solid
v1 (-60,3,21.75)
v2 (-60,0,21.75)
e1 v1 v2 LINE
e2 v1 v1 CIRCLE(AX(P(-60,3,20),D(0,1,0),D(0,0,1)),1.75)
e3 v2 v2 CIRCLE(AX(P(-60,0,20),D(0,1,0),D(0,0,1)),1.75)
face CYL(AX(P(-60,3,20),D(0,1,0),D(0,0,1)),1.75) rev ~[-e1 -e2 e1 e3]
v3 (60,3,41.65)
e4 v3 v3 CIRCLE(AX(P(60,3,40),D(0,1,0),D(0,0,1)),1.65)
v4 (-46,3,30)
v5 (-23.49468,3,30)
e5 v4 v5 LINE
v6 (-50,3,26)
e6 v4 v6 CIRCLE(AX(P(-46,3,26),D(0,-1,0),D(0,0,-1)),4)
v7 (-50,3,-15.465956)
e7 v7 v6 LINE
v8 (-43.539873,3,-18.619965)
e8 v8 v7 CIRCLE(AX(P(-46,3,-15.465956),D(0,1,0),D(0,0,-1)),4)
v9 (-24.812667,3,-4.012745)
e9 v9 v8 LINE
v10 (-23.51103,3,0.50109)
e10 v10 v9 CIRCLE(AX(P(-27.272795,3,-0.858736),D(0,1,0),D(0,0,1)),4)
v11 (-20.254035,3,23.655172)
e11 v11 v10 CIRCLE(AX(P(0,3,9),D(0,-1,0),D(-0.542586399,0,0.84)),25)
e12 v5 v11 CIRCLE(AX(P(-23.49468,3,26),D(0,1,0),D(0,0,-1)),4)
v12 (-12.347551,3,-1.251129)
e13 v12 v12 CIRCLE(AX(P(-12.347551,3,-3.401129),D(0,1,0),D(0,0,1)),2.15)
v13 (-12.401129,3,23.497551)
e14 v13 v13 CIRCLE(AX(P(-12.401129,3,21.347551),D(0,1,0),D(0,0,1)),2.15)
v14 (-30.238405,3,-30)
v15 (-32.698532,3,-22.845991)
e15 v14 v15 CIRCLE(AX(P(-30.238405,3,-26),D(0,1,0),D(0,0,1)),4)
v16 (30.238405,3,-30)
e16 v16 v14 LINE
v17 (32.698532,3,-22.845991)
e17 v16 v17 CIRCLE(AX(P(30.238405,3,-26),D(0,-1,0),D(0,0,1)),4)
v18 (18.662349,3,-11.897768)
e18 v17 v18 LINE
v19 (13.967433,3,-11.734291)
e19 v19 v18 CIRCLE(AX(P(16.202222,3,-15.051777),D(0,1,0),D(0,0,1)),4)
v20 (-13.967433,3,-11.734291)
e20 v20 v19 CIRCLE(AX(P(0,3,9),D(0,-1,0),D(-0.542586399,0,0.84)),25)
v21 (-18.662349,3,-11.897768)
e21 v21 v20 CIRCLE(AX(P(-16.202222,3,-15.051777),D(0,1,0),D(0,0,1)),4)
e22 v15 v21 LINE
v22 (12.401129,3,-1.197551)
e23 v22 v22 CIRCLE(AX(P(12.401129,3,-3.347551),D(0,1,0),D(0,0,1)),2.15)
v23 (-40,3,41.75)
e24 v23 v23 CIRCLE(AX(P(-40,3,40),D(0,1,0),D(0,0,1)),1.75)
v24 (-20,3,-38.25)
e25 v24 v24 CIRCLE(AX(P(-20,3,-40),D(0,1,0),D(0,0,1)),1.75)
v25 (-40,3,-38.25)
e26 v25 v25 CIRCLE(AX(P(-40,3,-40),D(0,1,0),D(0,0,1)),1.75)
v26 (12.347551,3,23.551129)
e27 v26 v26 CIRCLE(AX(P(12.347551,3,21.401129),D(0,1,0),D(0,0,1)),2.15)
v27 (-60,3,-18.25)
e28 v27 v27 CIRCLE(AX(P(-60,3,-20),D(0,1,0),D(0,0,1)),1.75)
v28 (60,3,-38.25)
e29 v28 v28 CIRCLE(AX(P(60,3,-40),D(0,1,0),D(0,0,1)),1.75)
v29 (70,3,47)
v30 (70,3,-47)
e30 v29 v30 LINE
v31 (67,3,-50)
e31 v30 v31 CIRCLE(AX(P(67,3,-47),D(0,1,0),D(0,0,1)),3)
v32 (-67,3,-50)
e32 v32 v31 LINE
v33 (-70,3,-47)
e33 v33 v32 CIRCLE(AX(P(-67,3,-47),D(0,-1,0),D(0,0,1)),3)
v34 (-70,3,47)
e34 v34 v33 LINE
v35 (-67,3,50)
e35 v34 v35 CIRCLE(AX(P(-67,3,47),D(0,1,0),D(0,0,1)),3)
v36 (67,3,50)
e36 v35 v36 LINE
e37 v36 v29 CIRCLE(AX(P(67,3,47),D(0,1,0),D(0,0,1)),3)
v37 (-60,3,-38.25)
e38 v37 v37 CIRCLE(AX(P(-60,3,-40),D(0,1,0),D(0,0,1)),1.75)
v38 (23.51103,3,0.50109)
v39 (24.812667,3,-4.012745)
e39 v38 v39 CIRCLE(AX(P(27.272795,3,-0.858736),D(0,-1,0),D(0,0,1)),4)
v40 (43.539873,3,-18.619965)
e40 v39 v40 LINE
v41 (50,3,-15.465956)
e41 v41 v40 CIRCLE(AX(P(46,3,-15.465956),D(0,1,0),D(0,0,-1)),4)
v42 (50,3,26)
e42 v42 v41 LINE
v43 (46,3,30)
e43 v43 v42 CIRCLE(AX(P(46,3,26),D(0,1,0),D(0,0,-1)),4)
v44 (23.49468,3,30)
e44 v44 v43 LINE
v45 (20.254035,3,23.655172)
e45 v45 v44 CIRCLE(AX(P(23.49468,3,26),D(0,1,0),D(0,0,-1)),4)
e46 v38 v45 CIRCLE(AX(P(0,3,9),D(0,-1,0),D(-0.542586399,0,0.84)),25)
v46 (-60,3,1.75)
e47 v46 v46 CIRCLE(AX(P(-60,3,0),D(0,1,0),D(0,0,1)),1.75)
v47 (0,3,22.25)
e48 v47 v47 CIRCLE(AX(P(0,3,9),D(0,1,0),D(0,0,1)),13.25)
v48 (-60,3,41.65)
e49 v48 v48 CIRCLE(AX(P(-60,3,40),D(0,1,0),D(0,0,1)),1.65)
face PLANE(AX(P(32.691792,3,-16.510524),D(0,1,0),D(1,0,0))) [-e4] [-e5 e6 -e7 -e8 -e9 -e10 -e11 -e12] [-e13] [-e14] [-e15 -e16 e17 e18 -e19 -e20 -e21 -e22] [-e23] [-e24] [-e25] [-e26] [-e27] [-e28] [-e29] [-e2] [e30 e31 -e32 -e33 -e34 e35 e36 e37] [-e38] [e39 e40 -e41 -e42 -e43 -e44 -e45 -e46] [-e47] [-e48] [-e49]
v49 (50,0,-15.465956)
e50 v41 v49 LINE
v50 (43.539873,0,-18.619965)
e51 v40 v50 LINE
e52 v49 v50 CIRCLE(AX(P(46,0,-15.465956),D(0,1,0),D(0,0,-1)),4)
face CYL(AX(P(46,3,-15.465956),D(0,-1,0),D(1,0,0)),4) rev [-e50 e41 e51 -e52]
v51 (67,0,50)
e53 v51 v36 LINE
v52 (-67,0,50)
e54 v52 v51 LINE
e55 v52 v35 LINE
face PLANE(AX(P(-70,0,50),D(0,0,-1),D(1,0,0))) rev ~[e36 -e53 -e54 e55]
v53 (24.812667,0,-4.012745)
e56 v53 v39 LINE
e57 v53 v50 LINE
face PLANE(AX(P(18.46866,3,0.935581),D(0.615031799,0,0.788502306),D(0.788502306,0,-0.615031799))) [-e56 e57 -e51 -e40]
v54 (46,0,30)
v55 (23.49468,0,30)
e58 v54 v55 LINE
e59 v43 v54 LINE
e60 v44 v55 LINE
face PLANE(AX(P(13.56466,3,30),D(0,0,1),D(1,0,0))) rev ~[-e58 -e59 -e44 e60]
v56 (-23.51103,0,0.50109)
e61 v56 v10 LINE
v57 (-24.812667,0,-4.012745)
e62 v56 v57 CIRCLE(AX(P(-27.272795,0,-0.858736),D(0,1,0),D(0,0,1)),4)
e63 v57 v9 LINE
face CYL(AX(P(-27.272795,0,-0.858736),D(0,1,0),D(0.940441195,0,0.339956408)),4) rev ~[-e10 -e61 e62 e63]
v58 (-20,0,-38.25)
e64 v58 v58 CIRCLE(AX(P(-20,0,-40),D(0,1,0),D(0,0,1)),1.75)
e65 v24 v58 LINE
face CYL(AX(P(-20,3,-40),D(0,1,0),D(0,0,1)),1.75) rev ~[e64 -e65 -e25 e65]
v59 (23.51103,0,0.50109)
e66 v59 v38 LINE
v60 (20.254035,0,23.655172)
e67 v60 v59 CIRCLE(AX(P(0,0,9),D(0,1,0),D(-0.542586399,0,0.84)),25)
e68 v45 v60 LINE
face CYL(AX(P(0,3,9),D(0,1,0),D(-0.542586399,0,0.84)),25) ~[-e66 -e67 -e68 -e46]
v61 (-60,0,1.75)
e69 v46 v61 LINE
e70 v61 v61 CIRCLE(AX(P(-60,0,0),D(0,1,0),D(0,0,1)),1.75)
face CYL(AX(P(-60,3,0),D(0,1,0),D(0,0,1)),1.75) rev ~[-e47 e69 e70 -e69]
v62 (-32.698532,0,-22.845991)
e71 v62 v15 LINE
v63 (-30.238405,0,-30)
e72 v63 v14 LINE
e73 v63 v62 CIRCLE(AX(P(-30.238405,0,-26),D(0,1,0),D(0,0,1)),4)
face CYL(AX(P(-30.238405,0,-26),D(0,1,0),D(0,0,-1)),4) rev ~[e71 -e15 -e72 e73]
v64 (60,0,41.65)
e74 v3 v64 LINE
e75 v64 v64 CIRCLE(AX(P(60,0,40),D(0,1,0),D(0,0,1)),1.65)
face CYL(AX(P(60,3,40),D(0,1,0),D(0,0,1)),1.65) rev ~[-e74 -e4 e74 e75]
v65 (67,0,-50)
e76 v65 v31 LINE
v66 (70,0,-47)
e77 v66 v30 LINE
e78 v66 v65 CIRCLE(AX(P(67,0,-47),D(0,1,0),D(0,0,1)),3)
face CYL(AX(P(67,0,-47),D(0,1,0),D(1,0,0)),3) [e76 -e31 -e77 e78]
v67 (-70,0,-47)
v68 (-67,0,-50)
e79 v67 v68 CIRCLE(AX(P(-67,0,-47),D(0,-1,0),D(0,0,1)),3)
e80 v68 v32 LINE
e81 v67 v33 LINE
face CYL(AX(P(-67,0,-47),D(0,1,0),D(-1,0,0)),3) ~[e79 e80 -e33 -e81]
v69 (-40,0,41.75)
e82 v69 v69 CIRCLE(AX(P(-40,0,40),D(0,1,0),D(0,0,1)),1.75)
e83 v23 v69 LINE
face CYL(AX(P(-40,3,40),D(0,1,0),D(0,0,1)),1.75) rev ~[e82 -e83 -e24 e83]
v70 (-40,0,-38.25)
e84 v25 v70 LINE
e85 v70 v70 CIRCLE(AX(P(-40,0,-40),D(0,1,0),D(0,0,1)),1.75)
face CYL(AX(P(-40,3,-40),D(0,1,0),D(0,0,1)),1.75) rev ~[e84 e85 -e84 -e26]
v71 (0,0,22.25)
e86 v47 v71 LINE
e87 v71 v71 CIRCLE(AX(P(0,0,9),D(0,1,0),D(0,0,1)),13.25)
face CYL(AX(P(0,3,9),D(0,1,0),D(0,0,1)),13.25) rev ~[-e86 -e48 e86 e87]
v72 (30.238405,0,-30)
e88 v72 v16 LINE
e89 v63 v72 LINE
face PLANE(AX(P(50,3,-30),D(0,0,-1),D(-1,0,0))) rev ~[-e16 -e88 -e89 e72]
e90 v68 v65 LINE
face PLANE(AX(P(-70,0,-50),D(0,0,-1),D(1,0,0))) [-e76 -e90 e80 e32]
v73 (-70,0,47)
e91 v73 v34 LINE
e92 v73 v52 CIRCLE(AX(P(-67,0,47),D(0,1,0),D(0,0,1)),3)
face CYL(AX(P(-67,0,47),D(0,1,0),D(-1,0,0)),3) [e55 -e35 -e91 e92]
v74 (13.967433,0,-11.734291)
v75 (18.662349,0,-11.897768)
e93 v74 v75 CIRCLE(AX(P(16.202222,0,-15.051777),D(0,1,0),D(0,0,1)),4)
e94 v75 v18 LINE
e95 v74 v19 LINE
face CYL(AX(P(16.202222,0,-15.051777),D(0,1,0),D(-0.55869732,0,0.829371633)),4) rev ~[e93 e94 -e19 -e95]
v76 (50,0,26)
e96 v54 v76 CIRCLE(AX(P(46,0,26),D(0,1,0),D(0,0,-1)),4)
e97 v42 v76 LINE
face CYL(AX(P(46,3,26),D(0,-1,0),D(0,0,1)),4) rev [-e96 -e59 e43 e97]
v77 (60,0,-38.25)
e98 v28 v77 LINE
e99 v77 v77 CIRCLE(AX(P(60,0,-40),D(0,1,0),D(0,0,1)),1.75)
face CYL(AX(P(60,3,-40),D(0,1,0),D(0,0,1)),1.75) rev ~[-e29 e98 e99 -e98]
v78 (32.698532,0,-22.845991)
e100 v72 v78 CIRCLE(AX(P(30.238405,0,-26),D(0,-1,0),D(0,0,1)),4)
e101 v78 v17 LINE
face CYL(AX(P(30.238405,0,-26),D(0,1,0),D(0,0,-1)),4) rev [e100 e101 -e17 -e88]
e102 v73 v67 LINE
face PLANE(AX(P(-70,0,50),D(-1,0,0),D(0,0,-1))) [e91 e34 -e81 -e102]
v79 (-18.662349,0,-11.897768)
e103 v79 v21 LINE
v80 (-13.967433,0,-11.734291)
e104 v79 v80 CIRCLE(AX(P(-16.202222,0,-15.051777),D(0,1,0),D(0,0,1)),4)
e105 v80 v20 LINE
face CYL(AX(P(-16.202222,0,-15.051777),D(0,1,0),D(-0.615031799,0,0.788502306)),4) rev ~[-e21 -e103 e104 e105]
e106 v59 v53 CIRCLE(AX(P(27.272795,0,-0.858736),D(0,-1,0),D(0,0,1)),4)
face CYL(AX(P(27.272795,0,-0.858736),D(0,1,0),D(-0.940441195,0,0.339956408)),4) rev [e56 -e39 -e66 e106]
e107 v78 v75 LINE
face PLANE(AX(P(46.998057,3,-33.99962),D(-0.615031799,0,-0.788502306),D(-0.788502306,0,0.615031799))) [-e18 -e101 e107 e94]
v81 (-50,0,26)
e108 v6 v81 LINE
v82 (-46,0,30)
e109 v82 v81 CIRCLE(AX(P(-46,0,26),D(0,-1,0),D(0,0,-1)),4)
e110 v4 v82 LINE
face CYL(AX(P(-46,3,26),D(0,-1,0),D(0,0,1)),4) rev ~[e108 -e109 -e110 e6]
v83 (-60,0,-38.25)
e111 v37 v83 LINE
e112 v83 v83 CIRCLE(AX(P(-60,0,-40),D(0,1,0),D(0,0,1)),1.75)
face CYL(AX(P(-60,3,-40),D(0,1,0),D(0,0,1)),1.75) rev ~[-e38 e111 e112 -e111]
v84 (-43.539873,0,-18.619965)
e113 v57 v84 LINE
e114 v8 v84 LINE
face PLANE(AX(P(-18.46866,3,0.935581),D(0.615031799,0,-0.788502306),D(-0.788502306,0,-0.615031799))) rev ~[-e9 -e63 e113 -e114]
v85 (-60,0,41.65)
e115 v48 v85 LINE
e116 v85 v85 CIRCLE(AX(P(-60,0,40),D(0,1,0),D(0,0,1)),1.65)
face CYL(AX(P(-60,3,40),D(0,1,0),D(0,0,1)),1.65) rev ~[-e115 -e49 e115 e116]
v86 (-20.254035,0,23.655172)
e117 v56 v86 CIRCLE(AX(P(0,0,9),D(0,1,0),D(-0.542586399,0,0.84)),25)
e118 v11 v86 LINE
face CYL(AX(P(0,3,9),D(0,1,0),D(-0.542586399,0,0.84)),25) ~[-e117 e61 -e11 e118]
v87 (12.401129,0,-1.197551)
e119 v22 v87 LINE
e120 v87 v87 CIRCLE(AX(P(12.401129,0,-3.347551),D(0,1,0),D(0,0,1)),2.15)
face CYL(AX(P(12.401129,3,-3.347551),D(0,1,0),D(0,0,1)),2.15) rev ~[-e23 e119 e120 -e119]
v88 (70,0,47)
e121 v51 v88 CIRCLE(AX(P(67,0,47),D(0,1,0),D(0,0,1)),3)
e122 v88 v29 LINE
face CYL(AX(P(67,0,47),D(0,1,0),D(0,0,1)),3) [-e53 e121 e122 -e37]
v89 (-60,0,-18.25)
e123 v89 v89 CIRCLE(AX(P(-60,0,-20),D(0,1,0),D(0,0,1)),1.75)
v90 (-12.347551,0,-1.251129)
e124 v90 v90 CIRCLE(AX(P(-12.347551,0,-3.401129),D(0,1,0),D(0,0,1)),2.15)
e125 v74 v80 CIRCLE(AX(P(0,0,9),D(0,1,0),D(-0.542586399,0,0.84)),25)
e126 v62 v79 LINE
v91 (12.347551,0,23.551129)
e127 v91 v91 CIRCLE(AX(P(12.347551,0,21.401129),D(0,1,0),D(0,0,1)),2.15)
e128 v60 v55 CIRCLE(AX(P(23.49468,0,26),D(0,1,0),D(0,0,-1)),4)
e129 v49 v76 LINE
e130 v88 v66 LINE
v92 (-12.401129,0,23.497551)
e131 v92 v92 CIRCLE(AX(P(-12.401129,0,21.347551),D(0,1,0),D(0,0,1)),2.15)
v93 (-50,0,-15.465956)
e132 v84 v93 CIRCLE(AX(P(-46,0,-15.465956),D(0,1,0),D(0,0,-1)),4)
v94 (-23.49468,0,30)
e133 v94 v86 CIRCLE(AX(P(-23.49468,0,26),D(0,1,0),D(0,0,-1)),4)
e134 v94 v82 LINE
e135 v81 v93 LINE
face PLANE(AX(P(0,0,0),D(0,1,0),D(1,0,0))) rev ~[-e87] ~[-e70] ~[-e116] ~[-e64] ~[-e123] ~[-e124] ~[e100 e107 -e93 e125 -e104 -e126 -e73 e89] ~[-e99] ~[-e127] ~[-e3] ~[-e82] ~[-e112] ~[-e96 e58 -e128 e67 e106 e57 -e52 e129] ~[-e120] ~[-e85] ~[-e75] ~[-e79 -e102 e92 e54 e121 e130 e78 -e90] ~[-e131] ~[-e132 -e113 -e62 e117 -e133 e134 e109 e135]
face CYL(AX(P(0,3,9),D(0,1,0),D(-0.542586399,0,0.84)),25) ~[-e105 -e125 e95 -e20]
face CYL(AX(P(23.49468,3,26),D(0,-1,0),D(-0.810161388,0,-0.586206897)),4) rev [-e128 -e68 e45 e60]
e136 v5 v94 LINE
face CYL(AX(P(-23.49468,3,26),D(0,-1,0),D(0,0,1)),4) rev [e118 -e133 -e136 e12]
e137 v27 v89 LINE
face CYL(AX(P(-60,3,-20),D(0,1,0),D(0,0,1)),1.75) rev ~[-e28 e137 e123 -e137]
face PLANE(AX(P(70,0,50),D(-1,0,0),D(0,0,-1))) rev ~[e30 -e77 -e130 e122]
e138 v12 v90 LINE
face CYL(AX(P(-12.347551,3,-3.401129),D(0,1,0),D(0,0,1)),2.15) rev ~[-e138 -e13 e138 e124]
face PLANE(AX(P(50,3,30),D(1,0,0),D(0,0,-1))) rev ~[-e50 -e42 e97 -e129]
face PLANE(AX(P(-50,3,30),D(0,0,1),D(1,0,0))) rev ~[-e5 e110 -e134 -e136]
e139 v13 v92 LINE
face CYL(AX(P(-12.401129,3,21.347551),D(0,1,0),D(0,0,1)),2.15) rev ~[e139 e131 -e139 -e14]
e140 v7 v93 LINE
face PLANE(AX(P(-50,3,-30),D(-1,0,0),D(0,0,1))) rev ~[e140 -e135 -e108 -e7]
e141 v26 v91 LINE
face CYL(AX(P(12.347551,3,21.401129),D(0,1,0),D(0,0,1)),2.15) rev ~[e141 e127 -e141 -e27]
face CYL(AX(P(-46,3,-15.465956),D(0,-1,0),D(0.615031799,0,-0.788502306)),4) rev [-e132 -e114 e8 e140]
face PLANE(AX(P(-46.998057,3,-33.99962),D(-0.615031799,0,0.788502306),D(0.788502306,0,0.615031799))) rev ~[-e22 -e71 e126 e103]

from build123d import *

# Parameters (mm, degrees)
SKETCH_1_W          = 140
SKETCH_1_H          = 100
EXTRUDE_1_DEPTH     = 3
SKETCH_2_R          = 13.25
SKETCH_2_R_2        = 2.15
CUT_EXTRUDE_1_DEPTH = 3
CUT_EXTRUDE_2_REACH = 88.076
SKETCH_4_R          = 1.75
SKETCH_4_R_2        = 1.65
EXTRUDE_2_DEPTH     = 3
FILLET_1_R          = 4
FILLET_2_R          = 3
CUT_EXTRUDE_3_REACH = 88.076
SKETCH_6_R          = 1.75


with BuildPart() as part:
    # 草图1 → 凸台-拉伸1 (new body)
    with BuildSketch(Plane(origin=(0, 0, 0), x_dir=(1, 0, 0), z_dir=(0, 1, 0))):
        Rectangle(SKETCH_1_W, SKETCH_1_H)
    extrude(amount=EXTRUDE_1_DEPTH)

    # 草图2 → 切除-拉伸1 (cut)
    with BuildSketch(Plane(origin=(0, 3, 0), x_dir=(1, 0, 0), z_dir=(0, 1, 0))):
        with Locations((0, -9)):
            Circle(SKETCH_2_R)
        with Locations((-12.347550503, 3.401128843)):
            Circle(SKETCH_2_R_2)
        with Locations((12.401128843, 3.347550503)):
            Circle(SKETCH_2_R_2)
        with Locations((12.347550503, -21.401128843)):
            Circle(SKETCH_2_R_2)
        with Locations((-12.401128843, -21.347550503)):
            Circle(SKETCH_2_R_2)
    extrude(amount=-CUT_EXTRUDE_1_DEPTH, mode=Mode.SUBTRACT)

    # 草图4 → 切除-拉伸2 (cut, up to next)
    with BuildSketch(Plane(origin=(0, 3, 0), x_dir=(1, 0, 0), z_dir=(0, 1, 0)), mode=Mode.PRIVATE) as cut_extrude_2_sk1:
        with Locations((-60, 40)):
            Circle(SKETCH_4_R)
    cut_extrude_2_tool1 = extrude(cut_extrude_2_sk1.sketch, amount=-CUT_EXTRUDE_2_REACH, mode=Mode.PRIVATE) & part.part
    # 草图4 → 切除-拉伸2 (cut, up to next)
    with BuildSketch(Plane(origin=(0, 3, 0), x_dir=(1, 0, 0), z_dir=(0, 1, 0)), mode=Mode.PRIVATE) as cut_extrude_2_sk2:
        with Locations((-60, -40)):
            Circle(SKETCH_4_R_2)
    cut_extrude_2_tool2 = extrude(cut_extrude_2_sk2.sketch, amount=-CUT_EXTRUDE_2_REACH, mode=Mode.PRIVATE) & part.part
    # 草图4 → 切除-拉伸2 (cut, up to next)
    with BuildSketch(Plane(origin=(0, 3, 0), x_dir=(1, 0, 0), z_dir=(0, 1, 0)), mode=Mode.PRIVATE) as cut_extrude_2_sk3:
        with Locations((60, -40)):
            Circle(SKETCH_4_R_2)
    cut_extrude_2_tool3 = extrude(cut_extrude_2_sk3.sketch, amount=-CUT_EXTRUDE_2_REACH, mode=Mode.PRIVATE) & part.part
    # 草图4 → 切除-拉伸2 (cut, up to next)
    with BuildSketch(Plane(origin=(0, 3, 0), x_dir=(1, 0, 0), z_dir=(0, 1, 0)), mode=Mode.PRIVATE) as cut_extrude_2_sk4:
        with Locations((60, 40)):
            Circle(SKETCH_4_R)
    cut_extrude_2_tool4 = extrude(cut_extrude_2_sk4.sketch, amount=-CUT_EXTRUDE_2_REACH, mode=Mode.PRIVATE) & part.part
    # 草图4 → 切除-拉伸2 (cut, up to next)
    with BuildSketch(Plane(origin=(0, 3, 0), x_dir=(1, 0, 0), z_dir=(0, 1, 0)), mode=Mode.PRIVATE) as cut_extrude_2_sk5:
        with BuildLine():
            Line((13.564659966, -30), (50, -30))
            Line((50, -30), (50, 30))
            Line((50, 30), (-50, 30))
            Line((-50, 30), (-50, -30))
            Line((-50, -30), (-13.564659966, -30))
            ThreePointArc((-13.564659966, -30), (0, 16), (13.564659966, -30))
        make_face()
    cut_extrude_2_tool5 = extrude(cut_extrude_2_sk5.sketch, amount=-CUT_EXTRUDE_2_REACH, mode=Mode.PRIVATE) & part.part
    add(cut_extrude_2_tool1.solids().sort_by_distance((-60, 3, -40))[0], mode=Mode.SUBTRACT)
    add(cut_extrude_2_tool2.solids().sort_by_distance((-60, 3, 40))[0], mode=Mode.SUBTRACT)
    add(cut_extrude_2_tool3.solids().sort_by_distance((60, 3, 40))[0], mode=Mode.SUBTRACT)
    add(cut_extrude_2_tool4.solids().sort_by_distance((60, 3, -40))[0], mode=Mode.SUBTRACT)
    add(cut_extrude_2_tool5.solids().sort_by_distance((31.78233, 3, 28.83381))[0], mode=Mode.SUBTRACT)

    # 草图5 → 凸台-拉伸2 (add)
    with BuildSketch(Plane(origin=(0, 3, 0), x_dir=(1, 0, 0), z_dir=(0, 1, 0))):
        Polygon((46.998056898, 33.999619926), (12.318341703, 6.949442073), (18.46865969, -0.935580987), (53.001943102, 26.000380074), align=None)
        Polygon((-18.46865969, -0.935580987), (-53.001943102, 26.000380074), (-46.998056898, 33.999619926), (-12.318341703, 6.949442073), align=None)
    extrude(amount=-EXTRUDE_2_DEPTH)

    # 圆角1
    fillet_1_edges = [part.edges().sort_by_distance(p)[0] for p in [
        (16.239124114, 1.5, -10.007652354),
        (-16.239124114, 1.5, -10.007652354),
        (13.564659966, 1.5, 30),
        (-13.564659966, 1.5, 30),
        (22.389442101, 1.5, -2.122629294),
        (-22.389442101, 1.5, -2.122629294),
        (50, 1.5, 30),
        (-50, 1.5, 30),
        (50, 1.5, -23.658864455),
        (41.870339045, 1.5, -30),
        (-41.870339045, 1.5, -30),
        (-50, 1.5, -23.658864455),
    ]]
    fillet(fillet_1_edges, radius=FILLET_1_R)

    # 圆角2
    fillet_2_edges = [part.edges().sort_by_distance(p)[0] for p in [
        (70, 1.5, 50),
        (70, 1.5, -50),
        (-70, 1.5, 50),
        (-70, 1.5, -50),
    ]]
    fillet(fillet_2_edges, radius=FILLET_2_R)

    # 草图6 → 切除-拉伸3 (cut, up to next)
    with BuildSketch(Plane(origin=(0, 3, 0), x_dir=(1, 0, 0), z_dir=(0, 1, 0)), mode=Mode.PRIVATE) as cut_extrude_3_sk1:
        with Locations((-40, 40)):
            Circle(SKETCH_6_R)
    cut_extrude_3_tool1 = extrude(cut_extrude_3_sk1.sketch, amount=-CUT_EXTRUDE_3_REACH, mode=Mode.PRIVATE) & part.part
    # 草图6 → 切除-拉伸3 (cut, up to next)
    with BuildSketch(Plane(origin=(0, 3, 0), x_dir=(1, 0, 0), z_dir=(0, 1, 0)), mode=Mode.PRIVATE) as cut_extrude_3_sk2:
        with Locations((-20, 40)):
            Circle(SKETCH_6_R)
    cut_extrude_3_tool2 = extrude(cut_extrude_3_sk2.sketch, amount=-CUT_EXTRUDE_3_REACH, mode=Mode.PRIVATE) & part.part
    # 草图6 → 切除-拉伸3 (cut, up to next)
    with BuildSketch(Plane(origin=(0, 3, 0), x_dir=(1, 0, 0), z_dir=(0, 1, 0)), mode=Mode.PRIVATE) as cut_extrude_3_sk3:
        with Locations((-60, 20)):
            Circle(SKETCH_6_R)
    cut_extrude_3_tool3 = extrude(cut_extrude_3_sk3.sketch, amount=-CUT_EXTRUDE_3_REACH, mode=Mode.PRIVATE) & part.part
    # 草图6 → 切除-拉伸3 (cut, up to next)
    with BuildSketch(Plane(origin=(0, 3, 0), x_dir=(1, 0, 0), z_dir=(0, 1, 0)), mode=Mode.PRIVATE) as cut_extrude_3_sk4:
        with Locations((-60, -20)):
            Circle(SKETCH_6_R)
    cut_extrude_3_tool4 = extrude(cut_extrude_3_sk4.sketch, amount=-CUT_EXTRUDE_3_REACH, mode=Mode.PRIVATE) & part.part
    # 草图6 → 切除-拉伸3 (cut, up to next)
    with BuildSketch(Plane(origin=(0, 3, 0), x_dir=(1, 0, 0), z_dir=(0, 1, 0)), mode=Mode.PRIVATE) as cut_extrude_3_sk5:
        with Locations((-60, 0)):
            Circle(SKETCH_6_R)
    cut_extrude_3_tool5 = extrude(cut_extrude_3_sk5.sketch, amount=-CUT_EXTRUDE_3_REACH, mode=Mode.PRIVATE) & part.part
    # 草图6 → 切除-拉伸3 (cut, up to next)
    with BuildSketch(Plane(origin=(0, 3, 0), x_dir=(1, 0, 0), z_dir=(0, 1, 0)), mode=Mode.PRIVATE) as cut_extrude_3_sk6:
        with Locations((-40, -40)):
            Circle(SKETCH_6_R)
    cut_extrude_3_tool6 = extrude(cut_extrude_3_sk6.sketch, amount=-CUT_EXTRUDE_3_REACH, mode=Mode.PRIVATE) & part.part
    add(cut_extrude_3_tool1.solids().sort_by_distance((-40, 3, -40))[0], mode=Mode.SUBTRACT)
    add(cut_extrude_3_tool2.solids().sort_by_distance((-20, 3, -40))[0], mode=Mode.SUBTRACT)
    add(cut_extrude_3_tool3.solids().sort_by_distance((-60, 3, -20))[0], mode=Mode.SUBTRACT)
    add(cut_extrude_3_tool4.solids().sort_by_distance((-60, 3, 20))[0], mode=Mode.SUBTRACT)
    add(cut_extrude_3_tool5.solids().sort_by_distance((-60, 3, 0))[0], mode=Mode.SUBTRACT)
    add(cut_extrude_3_tool6.solids().sort_by_distance((-40, 3, 40))[0], mode=Mode.SUBTRACT)


solid = part.part
